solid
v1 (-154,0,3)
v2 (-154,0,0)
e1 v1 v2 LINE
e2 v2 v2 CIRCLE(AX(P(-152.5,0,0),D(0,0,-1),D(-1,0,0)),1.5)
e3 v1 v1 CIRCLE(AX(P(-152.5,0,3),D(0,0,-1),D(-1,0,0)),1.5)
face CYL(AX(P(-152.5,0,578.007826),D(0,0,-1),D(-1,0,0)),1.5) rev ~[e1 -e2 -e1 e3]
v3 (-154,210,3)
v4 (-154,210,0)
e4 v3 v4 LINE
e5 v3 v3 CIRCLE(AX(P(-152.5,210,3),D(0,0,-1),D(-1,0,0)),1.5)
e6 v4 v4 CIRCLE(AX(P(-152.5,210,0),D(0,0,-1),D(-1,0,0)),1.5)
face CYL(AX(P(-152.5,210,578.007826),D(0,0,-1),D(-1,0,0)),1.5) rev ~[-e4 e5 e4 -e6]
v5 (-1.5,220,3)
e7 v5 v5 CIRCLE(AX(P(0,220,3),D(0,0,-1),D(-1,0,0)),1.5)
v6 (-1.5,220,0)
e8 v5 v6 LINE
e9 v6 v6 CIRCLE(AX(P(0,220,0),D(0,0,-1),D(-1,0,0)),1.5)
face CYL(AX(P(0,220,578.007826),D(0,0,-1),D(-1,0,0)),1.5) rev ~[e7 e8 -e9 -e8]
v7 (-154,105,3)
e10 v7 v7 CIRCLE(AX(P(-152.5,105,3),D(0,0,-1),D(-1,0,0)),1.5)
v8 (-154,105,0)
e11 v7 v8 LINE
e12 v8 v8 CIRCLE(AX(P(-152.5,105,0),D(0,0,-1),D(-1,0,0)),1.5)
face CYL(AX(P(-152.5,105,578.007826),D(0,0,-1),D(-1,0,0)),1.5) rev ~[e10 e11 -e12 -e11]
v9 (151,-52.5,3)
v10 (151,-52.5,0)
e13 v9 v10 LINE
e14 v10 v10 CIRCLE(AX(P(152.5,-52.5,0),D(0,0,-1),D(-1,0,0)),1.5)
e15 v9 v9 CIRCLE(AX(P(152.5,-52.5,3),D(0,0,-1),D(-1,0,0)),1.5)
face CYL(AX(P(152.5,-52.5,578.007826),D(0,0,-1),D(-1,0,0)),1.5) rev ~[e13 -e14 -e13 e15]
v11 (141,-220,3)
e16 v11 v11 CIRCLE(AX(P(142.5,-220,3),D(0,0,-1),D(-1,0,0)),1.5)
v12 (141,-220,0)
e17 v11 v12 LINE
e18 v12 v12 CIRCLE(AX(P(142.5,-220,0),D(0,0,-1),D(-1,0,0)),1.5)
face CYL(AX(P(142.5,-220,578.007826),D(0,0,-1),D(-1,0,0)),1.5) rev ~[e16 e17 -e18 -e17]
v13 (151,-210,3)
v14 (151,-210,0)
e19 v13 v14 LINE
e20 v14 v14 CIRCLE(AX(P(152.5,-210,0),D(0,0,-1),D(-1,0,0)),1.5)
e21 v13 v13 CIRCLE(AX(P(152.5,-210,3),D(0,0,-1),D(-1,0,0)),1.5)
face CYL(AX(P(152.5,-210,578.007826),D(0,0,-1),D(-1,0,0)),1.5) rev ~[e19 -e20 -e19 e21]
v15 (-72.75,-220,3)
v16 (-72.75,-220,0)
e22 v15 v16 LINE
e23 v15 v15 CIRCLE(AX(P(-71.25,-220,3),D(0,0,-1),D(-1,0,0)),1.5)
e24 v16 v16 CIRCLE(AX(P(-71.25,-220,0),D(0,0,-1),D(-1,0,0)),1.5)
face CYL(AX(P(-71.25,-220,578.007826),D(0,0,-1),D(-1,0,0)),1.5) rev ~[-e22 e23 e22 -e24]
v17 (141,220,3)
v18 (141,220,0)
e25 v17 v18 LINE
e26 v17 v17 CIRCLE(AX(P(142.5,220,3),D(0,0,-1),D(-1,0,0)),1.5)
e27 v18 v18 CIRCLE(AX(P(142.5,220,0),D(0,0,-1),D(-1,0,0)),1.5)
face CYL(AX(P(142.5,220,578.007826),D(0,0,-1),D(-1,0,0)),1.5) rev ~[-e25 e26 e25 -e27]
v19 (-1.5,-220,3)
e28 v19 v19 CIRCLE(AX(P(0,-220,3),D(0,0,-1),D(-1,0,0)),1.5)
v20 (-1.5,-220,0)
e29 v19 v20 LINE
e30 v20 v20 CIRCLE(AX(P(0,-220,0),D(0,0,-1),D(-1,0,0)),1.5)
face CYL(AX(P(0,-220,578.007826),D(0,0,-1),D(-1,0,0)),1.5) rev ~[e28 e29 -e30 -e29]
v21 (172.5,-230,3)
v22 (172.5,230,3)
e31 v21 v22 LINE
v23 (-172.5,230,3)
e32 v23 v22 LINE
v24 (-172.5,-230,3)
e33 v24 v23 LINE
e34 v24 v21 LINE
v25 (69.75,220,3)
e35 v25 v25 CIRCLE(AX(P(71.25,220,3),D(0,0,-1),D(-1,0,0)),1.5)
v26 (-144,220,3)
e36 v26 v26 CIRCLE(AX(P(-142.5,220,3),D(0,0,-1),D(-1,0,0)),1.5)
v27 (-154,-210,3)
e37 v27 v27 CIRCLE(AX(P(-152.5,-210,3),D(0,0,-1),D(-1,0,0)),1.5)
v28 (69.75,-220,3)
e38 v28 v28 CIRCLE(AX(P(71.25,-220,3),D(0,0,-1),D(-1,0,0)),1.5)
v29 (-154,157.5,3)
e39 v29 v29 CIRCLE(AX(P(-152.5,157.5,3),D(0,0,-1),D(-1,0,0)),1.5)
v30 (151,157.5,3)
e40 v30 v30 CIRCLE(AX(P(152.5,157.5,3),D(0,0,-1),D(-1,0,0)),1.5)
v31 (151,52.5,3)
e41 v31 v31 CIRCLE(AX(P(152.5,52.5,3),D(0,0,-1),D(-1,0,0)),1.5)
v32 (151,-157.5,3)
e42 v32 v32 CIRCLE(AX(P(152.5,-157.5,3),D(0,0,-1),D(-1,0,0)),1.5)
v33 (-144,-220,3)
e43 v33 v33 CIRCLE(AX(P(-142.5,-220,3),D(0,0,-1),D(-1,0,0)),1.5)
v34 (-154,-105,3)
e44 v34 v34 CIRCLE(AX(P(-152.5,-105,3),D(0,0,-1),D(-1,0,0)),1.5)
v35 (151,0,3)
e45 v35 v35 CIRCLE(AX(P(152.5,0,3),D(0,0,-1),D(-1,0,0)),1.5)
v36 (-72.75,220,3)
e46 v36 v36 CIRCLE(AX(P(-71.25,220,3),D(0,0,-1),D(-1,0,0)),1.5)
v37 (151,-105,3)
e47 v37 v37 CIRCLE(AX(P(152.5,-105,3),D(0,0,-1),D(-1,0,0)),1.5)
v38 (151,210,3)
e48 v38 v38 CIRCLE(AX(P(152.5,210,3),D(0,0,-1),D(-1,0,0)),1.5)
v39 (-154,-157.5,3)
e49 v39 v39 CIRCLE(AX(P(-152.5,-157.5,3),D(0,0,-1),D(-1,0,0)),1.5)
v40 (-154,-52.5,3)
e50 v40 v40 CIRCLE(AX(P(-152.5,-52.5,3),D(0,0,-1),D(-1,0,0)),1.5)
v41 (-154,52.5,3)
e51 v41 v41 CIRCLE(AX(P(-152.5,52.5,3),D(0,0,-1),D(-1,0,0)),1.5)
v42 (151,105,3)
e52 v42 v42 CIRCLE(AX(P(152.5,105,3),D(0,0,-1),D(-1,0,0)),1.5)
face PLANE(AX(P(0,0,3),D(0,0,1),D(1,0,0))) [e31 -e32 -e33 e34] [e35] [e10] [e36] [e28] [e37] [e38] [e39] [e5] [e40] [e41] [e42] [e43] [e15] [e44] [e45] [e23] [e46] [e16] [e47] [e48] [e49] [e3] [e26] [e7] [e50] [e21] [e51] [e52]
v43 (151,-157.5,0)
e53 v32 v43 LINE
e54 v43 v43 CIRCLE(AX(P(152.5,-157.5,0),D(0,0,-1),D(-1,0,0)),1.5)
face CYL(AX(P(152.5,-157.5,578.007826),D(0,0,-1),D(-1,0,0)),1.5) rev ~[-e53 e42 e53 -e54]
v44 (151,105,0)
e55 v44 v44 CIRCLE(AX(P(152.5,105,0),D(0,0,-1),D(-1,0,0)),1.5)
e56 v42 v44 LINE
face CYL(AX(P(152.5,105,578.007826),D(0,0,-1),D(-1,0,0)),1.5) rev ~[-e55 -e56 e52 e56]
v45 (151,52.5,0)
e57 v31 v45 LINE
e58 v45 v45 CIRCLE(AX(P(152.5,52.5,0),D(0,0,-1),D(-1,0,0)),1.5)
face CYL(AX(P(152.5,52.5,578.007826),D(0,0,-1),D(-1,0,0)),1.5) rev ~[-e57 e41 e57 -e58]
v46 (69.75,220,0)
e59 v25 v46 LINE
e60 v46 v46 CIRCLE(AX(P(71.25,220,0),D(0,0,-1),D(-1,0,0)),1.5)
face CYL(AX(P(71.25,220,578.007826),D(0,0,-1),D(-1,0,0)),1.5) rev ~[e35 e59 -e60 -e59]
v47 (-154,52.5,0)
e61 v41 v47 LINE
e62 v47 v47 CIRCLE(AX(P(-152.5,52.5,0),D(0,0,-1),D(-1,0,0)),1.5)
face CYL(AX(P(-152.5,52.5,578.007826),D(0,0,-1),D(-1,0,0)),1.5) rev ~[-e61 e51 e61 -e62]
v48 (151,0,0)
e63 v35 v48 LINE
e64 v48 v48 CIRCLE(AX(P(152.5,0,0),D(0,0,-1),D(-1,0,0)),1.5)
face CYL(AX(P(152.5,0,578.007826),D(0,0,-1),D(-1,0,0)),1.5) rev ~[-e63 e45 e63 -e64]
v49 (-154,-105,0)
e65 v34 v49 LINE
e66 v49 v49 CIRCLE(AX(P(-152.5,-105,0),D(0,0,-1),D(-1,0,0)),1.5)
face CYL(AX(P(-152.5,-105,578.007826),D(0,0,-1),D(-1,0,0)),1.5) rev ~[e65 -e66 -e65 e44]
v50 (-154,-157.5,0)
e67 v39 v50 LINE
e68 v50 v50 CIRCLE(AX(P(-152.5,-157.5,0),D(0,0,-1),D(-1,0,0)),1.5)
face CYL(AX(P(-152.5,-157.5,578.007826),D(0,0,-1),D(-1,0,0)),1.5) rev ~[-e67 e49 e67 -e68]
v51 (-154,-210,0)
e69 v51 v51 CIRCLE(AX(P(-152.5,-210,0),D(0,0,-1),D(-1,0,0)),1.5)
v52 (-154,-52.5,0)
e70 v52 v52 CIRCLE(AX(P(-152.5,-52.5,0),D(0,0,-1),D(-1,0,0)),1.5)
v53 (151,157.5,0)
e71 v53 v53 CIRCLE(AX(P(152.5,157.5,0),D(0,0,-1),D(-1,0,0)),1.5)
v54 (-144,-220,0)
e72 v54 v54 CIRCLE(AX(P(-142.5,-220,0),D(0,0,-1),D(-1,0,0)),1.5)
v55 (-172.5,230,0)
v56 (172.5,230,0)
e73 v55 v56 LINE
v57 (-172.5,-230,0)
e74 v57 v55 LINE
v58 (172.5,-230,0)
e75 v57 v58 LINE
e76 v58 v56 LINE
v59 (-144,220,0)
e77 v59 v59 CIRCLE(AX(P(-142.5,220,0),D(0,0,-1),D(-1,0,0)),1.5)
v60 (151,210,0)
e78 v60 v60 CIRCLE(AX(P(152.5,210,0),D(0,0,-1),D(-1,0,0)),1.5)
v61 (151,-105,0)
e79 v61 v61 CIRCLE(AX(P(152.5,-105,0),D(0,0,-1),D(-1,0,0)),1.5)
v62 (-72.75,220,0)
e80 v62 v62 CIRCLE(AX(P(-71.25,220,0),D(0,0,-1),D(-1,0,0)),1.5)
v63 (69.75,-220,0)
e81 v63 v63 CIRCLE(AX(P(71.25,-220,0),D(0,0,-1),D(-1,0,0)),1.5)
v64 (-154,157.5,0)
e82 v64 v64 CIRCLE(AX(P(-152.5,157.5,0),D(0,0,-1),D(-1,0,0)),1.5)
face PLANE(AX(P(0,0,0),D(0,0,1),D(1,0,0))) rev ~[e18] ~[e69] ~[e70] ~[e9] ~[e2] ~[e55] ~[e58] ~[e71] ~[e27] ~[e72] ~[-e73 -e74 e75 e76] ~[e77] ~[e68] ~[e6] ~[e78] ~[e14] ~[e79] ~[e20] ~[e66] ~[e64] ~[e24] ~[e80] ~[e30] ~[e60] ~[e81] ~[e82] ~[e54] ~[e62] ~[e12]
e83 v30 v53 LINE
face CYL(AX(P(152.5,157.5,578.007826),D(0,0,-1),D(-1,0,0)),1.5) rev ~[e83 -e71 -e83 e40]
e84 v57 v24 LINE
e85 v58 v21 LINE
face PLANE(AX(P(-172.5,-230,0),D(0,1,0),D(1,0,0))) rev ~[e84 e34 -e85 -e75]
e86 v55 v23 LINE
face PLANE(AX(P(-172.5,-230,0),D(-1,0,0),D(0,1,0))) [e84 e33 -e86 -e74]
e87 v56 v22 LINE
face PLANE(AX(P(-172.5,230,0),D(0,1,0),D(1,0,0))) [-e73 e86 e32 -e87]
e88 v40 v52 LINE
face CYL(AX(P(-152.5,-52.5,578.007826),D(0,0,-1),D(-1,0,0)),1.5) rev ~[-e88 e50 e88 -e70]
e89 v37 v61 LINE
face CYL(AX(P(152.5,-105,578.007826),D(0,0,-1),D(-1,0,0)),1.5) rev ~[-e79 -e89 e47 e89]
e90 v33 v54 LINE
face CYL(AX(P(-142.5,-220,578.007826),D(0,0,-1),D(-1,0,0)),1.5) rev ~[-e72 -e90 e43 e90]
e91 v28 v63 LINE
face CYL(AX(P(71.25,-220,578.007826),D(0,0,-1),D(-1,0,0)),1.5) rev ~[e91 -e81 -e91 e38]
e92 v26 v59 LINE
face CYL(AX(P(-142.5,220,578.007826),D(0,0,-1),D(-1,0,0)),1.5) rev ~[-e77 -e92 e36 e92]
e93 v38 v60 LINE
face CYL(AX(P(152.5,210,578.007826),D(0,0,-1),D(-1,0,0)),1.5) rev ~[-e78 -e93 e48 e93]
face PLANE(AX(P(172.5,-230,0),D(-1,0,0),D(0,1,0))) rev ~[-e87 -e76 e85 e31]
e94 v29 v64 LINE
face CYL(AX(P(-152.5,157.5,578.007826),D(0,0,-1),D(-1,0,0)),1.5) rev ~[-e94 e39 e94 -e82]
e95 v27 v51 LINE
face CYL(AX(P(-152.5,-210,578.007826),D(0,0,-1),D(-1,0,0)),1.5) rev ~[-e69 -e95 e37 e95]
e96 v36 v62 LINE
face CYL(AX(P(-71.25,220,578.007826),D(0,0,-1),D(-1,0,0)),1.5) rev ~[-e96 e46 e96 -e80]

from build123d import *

# Parameters (mm, degrees)
F0_W     = 345
F0_H     = 460
F1_DEPTH = 3
F5_D     = 3
F6_D     = 3


with BuildPart() as f1:
    # F0 (on Top) → F1 (new body)
    with BuildSketch(Plane.XY):
        Rectangle(F0_W, F0_H)
    extrude(amount=F1_DEPTH)

    # F5 (through all)
    with Locations(Plane.XY.offset(3)):
        with Locations((-152.5, 210), (-152.5, 157.5), (-152.5, 105), (-152.5, 52.5), (-152.5, 0), (-152.5, -52.5), (-152.5, -105), (-152.5, -157.5), (-152.5, -210), (152.5, -210), (152.5, -157.5), (152.5, -105), (152.5, -52.5), (152.5, 0), (152.5, 52.5), (152.5, 105), (152.5, 157.5), (152.5, 210)):
            Hole(F5_D / 2)

    # F6 (through all)
    with Locations(Plane.XY.offset(3)):
        with Locations((-142.5, 220), (-71.25, 220), (0, 220), (71.25, 220), (142.5, 220), (-142.5, -220), (-71.25, -220), (0, -220), (71.25, -220), (142.5, -220)):
            Hole(F6_D / 2)


solid = f1.part
